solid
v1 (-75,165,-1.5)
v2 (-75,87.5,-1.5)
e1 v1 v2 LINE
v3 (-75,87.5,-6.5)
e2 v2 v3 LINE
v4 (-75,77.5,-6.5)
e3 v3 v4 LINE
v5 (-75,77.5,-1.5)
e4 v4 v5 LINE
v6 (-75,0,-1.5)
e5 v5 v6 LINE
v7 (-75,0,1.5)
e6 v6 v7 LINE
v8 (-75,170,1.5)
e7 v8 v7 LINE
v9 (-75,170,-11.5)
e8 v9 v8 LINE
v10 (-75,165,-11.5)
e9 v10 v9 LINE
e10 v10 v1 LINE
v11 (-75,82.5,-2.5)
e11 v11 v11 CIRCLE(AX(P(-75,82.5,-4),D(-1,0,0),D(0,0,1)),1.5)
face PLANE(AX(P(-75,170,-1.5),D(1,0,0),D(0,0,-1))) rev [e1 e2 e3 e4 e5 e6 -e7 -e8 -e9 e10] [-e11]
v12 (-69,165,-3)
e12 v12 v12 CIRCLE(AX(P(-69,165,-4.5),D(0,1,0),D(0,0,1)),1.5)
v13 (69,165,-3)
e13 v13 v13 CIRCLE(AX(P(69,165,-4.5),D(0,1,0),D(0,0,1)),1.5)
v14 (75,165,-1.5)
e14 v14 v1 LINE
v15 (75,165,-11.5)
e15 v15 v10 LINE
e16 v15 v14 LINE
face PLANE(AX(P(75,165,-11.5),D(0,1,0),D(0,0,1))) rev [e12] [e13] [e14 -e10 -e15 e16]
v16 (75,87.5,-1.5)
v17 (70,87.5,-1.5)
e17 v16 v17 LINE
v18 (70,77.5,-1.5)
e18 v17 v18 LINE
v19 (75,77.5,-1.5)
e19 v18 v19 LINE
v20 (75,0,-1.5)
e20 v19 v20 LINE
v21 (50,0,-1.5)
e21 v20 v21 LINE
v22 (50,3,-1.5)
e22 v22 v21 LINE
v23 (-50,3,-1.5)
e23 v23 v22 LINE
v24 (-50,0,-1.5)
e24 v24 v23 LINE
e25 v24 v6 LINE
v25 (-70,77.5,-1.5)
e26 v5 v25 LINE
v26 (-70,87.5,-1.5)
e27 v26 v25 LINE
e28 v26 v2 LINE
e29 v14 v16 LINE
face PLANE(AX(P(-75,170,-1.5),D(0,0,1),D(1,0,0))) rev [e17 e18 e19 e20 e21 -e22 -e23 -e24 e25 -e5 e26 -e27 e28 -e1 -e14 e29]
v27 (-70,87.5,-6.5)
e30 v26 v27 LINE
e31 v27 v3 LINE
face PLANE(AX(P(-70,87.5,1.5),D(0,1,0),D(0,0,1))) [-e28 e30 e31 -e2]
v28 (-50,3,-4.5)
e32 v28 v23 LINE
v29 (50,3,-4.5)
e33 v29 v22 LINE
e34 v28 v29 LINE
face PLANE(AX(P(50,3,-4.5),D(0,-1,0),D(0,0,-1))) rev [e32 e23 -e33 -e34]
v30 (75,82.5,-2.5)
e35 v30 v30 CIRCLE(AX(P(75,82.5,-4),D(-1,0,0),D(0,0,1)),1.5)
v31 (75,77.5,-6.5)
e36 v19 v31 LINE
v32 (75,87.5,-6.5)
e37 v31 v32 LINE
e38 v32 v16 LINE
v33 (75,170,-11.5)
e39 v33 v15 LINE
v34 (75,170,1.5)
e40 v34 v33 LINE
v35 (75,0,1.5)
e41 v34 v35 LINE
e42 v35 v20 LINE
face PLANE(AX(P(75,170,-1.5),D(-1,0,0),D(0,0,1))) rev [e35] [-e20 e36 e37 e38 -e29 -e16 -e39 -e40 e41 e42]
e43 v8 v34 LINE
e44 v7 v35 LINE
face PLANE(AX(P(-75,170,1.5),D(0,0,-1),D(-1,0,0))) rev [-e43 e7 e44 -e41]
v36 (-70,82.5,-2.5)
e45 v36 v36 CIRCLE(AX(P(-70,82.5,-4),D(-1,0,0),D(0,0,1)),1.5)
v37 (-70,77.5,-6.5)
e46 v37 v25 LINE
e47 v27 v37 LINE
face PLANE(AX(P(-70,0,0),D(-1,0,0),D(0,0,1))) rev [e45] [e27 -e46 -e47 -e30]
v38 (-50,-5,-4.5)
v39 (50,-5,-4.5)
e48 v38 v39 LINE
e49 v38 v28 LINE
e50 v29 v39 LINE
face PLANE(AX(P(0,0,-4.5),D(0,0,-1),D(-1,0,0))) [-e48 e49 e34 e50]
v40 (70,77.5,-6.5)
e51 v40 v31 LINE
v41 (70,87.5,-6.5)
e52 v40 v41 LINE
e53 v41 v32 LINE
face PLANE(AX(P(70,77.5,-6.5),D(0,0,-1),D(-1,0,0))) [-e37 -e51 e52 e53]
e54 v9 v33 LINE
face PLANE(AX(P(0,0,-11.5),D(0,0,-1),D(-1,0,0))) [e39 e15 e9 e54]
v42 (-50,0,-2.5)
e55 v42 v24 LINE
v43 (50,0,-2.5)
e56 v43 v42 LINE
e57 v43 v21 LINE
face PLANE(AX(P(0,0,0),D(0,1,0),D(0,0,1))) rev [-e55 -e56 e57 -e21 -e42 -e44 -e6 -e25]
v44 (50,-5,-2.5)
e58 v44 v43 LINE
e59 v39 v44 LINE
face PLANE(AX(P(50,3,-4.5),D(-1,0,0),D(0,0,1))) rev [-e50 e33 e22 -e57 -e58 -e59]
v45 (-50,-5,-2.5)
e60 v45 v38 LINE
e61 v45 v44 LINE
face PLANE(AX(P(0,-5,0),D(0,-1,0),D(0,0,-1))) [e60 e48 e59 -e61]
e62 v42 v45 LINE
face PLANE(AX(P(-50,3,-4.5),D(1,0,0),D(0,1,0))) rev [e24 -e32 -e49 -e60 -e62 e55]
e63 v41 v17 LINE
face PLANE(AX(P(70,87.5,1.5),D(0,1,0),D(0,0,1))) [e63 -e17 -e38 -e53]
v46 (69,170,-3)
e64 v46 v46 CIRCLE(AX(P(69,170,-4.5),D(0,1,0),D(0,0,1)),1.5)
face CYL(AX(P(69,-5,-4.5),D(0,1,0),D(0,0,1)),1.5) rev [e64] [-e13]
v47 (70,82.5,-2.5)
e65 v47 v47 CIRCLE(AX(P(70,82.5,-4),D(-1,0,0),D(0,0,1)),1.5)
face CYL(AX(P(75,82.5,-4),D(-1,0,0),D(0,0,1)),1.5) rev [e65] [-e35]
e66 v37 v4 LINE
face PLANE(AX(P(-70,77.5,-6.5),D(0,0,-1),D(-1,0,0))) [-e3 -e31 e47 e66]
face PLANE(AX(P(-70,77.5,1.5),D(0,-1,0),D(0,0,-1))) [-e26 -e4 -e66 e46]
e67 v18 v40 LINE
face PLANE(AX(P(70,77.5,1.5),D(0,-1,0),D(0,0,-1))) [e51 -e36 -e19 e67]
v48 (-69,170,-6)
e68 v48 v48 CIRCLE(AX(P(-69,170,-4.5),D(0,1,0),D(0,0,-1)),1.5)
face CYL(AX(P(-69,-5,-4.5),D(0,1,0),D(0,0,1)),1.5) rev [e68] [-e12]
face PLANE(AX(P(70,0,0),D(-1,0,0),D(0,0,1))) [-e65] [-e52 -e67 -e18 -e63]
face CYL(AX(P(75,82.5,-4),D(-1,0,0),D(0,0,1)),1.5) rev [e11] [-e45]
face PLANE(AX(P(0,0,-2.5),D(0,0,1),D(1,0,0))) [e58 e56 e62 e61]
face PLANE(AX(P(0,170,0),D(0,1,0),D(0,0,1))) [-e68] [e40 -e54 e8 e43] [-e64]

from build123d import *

# Parameters (mm, degrees)
SKETCH1_W           = 150
SKETCH1_H           = 3
BOSS_EXTRUDE1_DEPTH = 170
SKETCH2_W           = 150
SKETCH2_H           = 5
BOSS_EXTRUDE2_DEPTH = 10
SKETCH3_W           = 100
SKETCH3_H           = 3
BOSS_EXTRUDE3_DEPTH = 3
SKETCH4_W           = 100
SKETCH4_H           = 3
BOSS_EXTRUDE4_DEPTH = 5
SKETCH5_R           = 1.5
CUT_EXTRUDE1_DEPTH  = 191.741316971
SKETCH6_W           = 8
SKETCH6_H           = 10
BOSS_EXTRUDE5_DEPTH = 5
SKETCH8_W           = 8
SKETCH8_H           = 10
BOSS_EXTRUDE6_DEPTH = 5
SKETCH9_R           = 1.5
CUT_EXTRUDE2_DEPTH  = 228.007158477
SKETCH10_W          = 100
SKETCH10_H          = 5
CUT_EXTRUDE3_DEPTH  = 1


with BuildPart() as part:
    # Sketch1 → Boss-Extrude1 (new body)
    with BuildSketch(Plane(origin=(0, 0, 0), x_dir=(1, 0, 0), z_dir=(0, 1, 0))):
        Rectangle(SKETCH1_W, SKETCH1_H)
    extrude(amount=BOSS_EXTRUDE1_DEPTH)

    # Sketch2 → Boss-Extrude2 (add)
    with BuildSketch(Plane(origin=(0, 0, -1.5), x_dir=(-1, 0, 0), z_dir=(0, 0, -1))):
        with Locations((0, 167.5)):
            Rectangle(SKETCH2_W, SKETCH2_H)
    extrude(amount=BOSS_EXTRUDE2_DEPTH)

    # Sketch3 → Boss-Extrude3 (add)
    with BuildSketch(Plane(origin=(0, 0, -1.5), x_dir=(-1, 0, 0), z_dir=(0, 0, -1))):
        with Locations((0, 1.5)):
            Rectangle(SKETCH3_W, SKETCH3_H)
    extrude(amount=BOSS_EXTRUDE3_DEPTH)

    # Sketch4 → Boss-Extrude4 (add)
    with BuildSketch(Plane.XZ):
        with Locations((0, -3)):
            Rectangle(SKETCH4_W, SKETCH4_H)
    extrude(amount=BOSS_EXTRUDE4_DEPTH)

    # Sketch5 → Cut-Extrude1 (cut, through all)
    with BuildSketch(Plane(origin=(0, 170, 0), x_dir=(1, 0, 0), z_dir=(0, 1, 0))):
        with Locations(Location((69, 4.5, 0), (0, 0, 270))):
            Circle(SKETCH5_R)
        with Locations(Location((-69, 4.5, 0), (0, 0, 270))):
            Circle(SKETCH5_R)
    extrude(amount=-CUT_EXTRUDE1_DEPTH, mode=Mode.SUBTRACT)

    # Sketch6 → Boss-Extrude5 (add)
    with BuildSketch(Plane(origin=(75, 0, 0), x_dir=(0, 0, -1), z_dir=(1, 0, 0))):
        with Locations((2.5, 82.5)):
            Rectangle(SKETCH6_W, SKETCH6_H)
    extrude(amount=-BOSS_EXTRUDE5_DEPTH)

    # Sketch8 → Boss-Extrude6 (add)
    with BuildSketch(Plane.ZY.offset(75)):
        with Locations((-2.5, 82.5)):
            Rectangle(SKETCH8_W, SKETCH8_H)
    extrude(amount=-BOSS_EXTRUDE6_DEPTH)

    # Sketch9 → Cut-Extrude2 (cut, through all)
    with BuildSketch(Plane.ZY.offset(75)):
        with Locations((-4, 82.5)):
            Circle(SKETCH9_R)
    extrude(amount=-CUT_EXTRUDE2_DEPTH, mode=Mode.SUBTRACT)

    # Sketch10 → Cut-Extrude3 (cut)
    with BuildSketch(Plane.XY.offset(-1.5)):
        with Locations((0, -2.5)):
            Rectangle(SKETCH10_W, SKETCH10_H)
    extrude(amount=-CUT_EXTRUDE3_DEPTH, mode=Mode.SUBTRACT)


solid = part.part
